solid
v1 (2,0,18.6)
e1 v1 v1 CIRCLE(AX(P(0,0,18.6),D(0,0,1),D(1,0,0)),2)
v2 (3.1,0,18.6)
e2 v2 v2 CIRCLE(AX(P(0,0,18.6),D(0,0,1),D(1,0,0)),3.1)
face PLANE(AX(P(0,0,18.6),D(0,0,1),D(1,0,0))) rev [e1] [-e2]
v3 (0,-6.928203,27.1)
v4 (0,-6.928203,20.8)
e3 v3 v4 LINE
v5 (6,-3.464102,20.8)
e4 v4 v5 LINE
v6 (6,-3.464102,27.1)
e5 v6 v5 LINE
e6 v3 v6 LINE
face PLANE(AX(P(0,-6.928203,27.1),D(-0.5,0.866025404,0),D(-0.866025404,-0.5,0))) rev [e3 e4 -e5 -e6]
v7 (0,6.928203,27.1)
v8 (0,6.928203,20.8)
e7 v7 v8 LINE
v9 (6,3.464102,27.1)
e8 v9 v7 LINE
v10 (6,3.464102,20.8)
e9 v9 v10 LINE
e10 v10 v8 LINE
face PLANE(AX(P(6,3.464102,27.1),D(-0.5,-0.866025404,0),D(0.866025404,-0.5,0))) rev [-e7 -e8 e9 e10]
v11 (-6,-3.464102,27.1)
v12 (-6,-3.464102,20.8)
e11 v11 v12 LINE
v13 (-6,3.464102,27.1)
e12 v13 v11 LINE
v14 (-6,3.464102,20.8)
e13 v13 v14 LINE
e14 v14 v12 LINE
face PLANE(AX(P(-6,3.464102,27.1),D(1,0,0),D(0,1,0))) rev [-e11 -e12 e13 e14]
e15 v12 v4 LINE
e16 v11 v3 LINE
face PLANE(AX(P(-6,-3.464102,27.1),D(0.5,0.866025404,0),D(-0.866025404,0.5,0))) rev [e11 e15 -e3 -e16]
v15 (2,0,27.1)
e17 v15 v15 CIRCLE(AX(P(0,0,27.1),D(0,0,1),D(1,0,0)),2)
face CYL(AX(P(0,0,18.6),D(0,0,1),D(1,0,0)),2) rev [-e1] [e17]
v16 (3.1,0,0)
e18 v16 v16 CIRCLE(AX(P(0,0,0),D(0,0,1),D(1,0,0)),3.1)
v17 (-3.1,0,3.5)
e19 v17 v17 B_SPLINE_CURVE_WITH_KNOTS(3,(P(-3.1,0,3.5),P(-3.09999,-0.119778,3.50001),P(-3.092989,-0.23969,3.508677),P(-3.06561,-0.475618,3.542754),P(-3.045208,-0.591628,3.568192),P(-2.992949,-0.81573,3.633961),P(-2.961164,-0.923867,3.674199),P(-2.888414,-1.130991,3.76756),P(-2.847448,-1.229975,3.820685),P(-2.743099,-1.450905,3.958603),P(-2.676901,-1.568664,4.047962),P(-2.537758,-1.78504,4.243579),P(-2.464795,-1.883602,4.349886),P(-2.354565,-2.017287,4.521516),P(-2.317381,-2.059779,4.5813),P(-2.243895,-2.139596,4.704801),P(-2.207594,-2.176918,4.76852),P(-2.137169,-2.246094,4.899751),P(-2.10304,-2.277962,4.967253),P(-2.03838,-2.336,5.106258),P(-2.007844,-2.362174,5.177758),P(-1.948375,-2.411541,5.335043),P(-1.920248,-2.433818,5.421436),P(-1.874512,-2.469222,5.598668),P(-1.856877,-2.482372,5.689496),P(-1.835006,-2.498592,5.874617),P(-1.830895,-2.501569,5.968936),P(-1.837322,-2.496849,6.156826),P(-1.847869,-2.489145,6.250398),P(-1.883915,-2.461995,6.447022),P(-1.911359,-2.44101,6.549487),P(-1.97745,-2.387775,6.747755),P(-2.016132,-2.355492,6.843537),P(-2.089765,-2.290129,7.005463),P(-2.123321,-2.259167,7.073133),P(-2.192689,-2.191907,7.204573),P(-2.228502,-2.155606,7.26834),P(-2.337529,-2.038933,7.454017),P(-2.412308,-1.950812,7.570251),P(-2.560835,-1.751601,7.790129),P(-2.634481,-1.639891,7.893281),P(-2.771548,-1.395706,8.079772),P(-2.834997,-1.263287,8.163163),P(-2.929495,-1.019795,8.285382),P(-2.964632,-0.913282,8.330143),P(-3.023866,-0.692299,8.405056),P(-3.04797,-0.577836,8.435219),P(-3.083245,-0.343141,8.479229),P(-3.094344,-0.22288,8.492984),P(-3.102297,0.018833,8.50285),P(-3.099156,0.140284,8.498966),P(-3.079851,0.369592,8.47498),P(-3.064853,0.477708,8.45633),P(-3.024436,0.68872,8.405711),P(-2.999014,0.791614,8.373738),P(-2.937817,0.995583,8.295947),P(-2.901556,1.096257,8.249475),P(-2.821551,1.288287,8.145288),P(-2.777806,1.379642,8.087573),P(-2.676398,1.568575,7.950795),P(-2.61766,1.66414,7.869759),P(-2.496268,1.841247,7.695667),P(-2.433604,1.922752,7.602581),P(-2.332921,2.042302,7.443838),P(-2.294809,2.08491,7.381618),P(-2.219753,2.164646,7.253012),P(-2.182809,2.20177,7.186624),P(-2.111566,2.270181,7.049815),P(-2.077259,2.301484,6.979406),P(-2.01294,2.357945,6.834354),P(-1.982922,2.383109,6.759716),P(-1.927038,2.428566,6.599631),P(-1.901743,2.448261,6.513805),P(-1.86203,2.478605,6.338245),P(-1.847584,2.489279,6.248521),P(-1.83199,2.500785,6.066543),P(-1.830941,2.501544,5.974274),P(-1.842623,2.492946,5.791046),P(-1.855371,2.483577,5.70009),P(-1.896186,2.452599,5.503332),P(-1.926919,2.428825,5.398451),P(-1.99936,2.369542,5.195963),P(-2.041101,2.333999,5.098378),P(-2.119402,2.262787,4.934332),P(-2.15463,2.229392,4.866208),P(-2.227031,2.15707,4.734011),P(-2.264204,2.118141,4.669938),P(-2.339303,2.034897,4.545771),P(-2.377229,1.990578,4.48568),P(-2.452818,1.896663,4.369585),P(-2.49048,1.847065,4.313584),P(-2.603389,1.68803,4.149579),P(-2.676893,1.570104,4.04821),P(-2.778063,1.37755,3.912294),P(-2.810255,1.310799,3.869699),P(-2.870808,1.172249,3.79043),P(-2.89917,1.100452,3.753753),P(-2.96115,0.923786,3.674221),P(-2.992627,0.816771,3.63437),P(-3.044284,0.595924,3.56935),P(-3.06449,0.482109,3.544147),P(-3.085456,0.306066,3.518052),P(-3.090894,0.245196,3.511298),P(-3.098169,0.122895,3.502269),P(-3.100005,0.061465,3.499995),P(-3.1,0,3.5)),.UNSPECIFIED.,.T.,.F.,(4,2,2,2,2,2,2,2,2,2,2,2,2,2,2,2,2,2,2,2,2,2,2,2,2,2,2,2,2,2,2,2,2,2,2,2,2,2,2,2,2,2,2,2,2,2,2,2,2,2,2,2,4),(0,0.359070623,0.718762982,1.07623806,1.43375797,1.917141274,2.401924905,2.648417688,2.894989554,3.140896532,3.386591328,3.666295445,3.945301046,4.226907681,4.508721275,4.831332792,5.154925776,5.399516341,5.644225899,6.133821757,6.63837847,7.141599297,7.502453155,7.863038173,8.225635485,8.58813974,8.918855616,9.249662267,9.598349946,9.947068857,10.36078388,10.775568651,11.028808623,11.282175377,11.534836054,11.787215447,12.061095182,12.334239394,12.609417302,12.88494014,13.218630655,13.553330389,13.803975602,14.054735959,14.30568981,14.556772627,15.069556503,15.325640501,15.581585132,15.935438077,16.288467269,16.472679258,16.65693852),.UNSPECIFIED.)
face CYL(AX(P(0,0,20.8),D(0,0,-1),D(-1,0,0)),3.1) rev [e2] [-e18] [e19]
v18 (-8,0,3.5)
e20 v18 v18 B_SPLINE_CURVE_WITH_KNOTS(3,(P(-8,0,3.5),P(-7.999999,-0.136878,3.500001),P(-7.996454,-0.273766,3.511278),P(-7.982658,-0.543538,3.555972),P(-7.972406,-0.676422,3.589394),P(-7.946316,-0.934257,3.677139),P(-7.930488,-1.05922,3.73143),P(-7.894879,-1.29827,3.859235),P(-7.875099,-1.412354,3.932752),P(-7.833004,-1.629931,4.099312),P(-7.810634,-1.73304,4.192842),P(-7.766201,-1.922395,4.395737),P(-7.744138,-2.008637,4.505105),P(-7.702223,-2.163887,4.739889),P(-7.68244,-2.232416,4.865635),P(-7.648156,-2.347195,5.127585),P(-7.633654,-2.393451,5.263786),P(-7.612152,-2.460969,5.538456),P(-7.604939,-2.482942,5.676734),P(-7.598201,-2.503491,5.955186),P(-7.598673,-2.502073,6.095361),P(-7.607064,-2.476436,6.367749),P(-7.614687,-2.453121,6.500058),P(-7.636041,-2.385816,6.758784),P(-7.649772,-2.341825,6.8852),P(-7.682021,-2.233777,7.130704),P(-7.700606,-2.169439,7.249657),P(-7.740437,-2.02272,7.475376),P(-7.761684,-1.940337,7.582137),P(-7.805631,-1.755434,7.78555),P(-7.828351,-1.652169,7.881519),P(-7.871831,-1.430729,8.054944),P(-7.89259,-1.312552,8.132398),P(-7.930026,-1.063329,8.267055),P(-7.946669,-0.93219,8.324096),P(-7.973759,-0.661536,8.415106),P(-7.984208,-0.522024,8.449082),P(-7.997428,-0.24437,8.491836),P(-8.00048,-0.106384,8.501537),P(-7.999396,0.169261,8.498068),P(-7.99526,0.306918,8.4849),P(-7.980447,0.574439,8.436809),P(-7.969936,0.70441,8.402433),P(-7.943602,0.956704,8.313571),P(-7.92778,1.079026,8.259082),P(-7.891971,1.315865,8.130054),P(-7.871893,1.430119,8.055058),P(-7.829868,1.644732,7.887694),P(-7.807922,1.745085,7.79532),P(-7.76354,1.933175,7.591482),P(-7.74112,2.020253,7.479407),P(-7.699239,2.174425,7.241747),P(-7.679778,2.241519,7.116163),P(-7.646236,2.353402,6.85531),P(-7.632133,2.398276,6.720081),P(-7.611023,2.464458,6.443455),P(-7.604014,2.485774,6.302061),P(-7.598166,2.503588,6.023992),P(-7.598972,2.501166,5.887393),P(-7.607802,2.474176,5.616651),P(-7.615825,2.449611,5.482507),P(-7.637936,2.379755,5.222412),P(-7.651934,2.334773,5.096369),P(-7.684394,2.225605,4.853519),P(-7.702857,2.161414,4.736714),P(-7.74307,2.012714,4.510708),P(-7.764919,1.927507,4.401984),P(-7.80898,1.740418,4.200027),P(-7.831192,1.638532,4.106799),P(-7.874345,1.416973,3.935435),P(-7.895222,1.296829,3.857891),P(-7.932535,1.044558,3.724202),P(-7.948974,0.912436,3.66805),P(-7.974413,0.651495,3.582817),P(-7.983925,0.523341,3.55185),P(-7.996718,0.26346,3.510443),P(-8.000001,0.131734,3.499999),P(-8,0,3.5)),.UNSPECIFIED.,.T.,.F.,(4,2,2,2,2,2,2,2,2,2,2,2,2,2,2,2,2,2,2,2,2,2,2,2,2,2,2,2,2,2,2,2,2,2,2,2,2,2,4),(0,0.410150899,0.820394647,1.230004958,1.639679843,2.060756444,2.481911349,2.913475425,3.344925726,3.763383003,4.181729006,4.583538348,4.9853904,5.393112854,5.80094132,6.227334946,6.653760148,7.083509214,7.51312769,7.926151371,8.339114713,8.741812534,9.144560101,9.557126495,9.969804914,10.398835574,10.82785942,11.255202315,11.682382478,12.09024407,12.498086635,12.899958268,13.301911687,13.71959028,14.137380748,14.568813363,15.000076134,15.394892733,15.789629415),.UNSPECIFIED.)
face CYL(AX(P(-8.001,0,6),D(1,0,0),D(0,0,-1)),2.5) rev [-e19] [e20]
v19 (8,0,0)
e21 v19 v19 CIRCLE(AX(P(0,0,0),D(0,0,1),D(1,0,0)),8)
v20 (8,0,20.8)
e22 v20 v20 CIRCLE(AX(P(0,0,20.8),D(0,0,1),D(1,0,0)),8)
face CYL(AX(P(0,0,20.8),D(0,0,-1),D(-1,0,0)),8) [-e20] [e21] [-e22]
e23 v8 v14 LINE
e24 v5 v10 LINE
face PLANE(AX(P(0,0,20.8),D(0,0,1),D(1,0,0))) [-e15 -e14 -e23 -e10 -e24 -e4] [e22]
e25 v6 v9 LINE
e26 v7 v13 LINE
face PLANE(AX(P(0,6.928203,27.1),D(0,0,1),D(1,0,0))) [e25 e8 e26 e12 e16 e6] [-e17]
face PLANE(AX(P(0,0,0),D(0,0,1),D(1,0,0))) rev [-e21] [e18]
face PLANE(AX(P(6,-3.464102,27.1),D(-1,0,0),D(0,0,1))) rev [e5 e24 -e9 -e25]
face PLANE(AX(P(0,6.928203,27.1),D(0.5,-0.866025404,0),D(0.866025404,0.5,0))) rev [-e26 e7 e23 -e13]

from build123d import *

# Parameters (mm, degrees)
CROQUIS1_R              = 8
CROQUIS1_R_2            = 3.1
SALIENTE_EXTRUIR1_DEPTH = 20.8
CROQUIS2_R              = 3.1
CROQUIS2_R_2            = 2
SALIENTE_EXTRUIR2_DEPTH = 2.2
CROQUIS3_R              = 2
SALIENTE_EXTRUIR3_DEPTH = 6.3
CORTAR_EXTRUIR1_REACH   = 10
CROQUIS4_R              = 2.5


with BuildPart() as part:
    # Croquis1 → Saliente-Extruir1 (new body)
    with BuildSketch(Plane.XY):
        Circle(CROQUIS1_R)
        Circle(CROQUIS1_R_2, mode=Mode.SUBTRACT)
    extrude(amount=SALIENTE_EXTRUIR1_DEPTH)

    # Croquis2 → Saliente-Extruir2 (add)
    with BuildSketch(Plane.XY.offset(20.8)):
        Circle(CROQUIS2_R)
        Circle(CROQUIS2_R_2, mode=Mode.SUBTRACT)
    extrude(amount=-SALIENTE_EXTRUIR2_DEPTH)

    # Croquis3 → Saliente-Extruir3 (add)
    with BuildSketch(Plane.XY.offset(20.8)):
        Polygon((0, 6.92820323), (-6, 3.464101615), (-6, -3.464101615), (0, -6.92820323), (6, -3.464101615), (6, 3.464101615), align=None)
        Circle(CROQUIS3_R, mode=Mode.SUBTRACT)
    extrude(amount=SALIENTE_EXTRUIR3_DEPTH)

    # Croquis4 → Cortar-Extruir1 (cut, up to next)
    with BuildSketch(Plane(origin=(0, 0, 0), x_dir=(0, 0, -1), z_dir=(1, 0, 0)), mode=Mode.PRIVATE) as cortar_extruir1_sk1:
        with Locations((-6, 0)):
            Circle(CROQUIS4_R)
    cortar_extruir1_tool1 = extrude(cortar_extruir1_sk1.sketch, amount=-CORTAR_EXTRUIR1_REACH, mode=Mode.PRIVATE) & part.part
    add(cortar_extruir1_tool1.solids().sort_by_distance((0, 0, 6))[0], mode=Mode.SUBTRACT)


solid = part.part
